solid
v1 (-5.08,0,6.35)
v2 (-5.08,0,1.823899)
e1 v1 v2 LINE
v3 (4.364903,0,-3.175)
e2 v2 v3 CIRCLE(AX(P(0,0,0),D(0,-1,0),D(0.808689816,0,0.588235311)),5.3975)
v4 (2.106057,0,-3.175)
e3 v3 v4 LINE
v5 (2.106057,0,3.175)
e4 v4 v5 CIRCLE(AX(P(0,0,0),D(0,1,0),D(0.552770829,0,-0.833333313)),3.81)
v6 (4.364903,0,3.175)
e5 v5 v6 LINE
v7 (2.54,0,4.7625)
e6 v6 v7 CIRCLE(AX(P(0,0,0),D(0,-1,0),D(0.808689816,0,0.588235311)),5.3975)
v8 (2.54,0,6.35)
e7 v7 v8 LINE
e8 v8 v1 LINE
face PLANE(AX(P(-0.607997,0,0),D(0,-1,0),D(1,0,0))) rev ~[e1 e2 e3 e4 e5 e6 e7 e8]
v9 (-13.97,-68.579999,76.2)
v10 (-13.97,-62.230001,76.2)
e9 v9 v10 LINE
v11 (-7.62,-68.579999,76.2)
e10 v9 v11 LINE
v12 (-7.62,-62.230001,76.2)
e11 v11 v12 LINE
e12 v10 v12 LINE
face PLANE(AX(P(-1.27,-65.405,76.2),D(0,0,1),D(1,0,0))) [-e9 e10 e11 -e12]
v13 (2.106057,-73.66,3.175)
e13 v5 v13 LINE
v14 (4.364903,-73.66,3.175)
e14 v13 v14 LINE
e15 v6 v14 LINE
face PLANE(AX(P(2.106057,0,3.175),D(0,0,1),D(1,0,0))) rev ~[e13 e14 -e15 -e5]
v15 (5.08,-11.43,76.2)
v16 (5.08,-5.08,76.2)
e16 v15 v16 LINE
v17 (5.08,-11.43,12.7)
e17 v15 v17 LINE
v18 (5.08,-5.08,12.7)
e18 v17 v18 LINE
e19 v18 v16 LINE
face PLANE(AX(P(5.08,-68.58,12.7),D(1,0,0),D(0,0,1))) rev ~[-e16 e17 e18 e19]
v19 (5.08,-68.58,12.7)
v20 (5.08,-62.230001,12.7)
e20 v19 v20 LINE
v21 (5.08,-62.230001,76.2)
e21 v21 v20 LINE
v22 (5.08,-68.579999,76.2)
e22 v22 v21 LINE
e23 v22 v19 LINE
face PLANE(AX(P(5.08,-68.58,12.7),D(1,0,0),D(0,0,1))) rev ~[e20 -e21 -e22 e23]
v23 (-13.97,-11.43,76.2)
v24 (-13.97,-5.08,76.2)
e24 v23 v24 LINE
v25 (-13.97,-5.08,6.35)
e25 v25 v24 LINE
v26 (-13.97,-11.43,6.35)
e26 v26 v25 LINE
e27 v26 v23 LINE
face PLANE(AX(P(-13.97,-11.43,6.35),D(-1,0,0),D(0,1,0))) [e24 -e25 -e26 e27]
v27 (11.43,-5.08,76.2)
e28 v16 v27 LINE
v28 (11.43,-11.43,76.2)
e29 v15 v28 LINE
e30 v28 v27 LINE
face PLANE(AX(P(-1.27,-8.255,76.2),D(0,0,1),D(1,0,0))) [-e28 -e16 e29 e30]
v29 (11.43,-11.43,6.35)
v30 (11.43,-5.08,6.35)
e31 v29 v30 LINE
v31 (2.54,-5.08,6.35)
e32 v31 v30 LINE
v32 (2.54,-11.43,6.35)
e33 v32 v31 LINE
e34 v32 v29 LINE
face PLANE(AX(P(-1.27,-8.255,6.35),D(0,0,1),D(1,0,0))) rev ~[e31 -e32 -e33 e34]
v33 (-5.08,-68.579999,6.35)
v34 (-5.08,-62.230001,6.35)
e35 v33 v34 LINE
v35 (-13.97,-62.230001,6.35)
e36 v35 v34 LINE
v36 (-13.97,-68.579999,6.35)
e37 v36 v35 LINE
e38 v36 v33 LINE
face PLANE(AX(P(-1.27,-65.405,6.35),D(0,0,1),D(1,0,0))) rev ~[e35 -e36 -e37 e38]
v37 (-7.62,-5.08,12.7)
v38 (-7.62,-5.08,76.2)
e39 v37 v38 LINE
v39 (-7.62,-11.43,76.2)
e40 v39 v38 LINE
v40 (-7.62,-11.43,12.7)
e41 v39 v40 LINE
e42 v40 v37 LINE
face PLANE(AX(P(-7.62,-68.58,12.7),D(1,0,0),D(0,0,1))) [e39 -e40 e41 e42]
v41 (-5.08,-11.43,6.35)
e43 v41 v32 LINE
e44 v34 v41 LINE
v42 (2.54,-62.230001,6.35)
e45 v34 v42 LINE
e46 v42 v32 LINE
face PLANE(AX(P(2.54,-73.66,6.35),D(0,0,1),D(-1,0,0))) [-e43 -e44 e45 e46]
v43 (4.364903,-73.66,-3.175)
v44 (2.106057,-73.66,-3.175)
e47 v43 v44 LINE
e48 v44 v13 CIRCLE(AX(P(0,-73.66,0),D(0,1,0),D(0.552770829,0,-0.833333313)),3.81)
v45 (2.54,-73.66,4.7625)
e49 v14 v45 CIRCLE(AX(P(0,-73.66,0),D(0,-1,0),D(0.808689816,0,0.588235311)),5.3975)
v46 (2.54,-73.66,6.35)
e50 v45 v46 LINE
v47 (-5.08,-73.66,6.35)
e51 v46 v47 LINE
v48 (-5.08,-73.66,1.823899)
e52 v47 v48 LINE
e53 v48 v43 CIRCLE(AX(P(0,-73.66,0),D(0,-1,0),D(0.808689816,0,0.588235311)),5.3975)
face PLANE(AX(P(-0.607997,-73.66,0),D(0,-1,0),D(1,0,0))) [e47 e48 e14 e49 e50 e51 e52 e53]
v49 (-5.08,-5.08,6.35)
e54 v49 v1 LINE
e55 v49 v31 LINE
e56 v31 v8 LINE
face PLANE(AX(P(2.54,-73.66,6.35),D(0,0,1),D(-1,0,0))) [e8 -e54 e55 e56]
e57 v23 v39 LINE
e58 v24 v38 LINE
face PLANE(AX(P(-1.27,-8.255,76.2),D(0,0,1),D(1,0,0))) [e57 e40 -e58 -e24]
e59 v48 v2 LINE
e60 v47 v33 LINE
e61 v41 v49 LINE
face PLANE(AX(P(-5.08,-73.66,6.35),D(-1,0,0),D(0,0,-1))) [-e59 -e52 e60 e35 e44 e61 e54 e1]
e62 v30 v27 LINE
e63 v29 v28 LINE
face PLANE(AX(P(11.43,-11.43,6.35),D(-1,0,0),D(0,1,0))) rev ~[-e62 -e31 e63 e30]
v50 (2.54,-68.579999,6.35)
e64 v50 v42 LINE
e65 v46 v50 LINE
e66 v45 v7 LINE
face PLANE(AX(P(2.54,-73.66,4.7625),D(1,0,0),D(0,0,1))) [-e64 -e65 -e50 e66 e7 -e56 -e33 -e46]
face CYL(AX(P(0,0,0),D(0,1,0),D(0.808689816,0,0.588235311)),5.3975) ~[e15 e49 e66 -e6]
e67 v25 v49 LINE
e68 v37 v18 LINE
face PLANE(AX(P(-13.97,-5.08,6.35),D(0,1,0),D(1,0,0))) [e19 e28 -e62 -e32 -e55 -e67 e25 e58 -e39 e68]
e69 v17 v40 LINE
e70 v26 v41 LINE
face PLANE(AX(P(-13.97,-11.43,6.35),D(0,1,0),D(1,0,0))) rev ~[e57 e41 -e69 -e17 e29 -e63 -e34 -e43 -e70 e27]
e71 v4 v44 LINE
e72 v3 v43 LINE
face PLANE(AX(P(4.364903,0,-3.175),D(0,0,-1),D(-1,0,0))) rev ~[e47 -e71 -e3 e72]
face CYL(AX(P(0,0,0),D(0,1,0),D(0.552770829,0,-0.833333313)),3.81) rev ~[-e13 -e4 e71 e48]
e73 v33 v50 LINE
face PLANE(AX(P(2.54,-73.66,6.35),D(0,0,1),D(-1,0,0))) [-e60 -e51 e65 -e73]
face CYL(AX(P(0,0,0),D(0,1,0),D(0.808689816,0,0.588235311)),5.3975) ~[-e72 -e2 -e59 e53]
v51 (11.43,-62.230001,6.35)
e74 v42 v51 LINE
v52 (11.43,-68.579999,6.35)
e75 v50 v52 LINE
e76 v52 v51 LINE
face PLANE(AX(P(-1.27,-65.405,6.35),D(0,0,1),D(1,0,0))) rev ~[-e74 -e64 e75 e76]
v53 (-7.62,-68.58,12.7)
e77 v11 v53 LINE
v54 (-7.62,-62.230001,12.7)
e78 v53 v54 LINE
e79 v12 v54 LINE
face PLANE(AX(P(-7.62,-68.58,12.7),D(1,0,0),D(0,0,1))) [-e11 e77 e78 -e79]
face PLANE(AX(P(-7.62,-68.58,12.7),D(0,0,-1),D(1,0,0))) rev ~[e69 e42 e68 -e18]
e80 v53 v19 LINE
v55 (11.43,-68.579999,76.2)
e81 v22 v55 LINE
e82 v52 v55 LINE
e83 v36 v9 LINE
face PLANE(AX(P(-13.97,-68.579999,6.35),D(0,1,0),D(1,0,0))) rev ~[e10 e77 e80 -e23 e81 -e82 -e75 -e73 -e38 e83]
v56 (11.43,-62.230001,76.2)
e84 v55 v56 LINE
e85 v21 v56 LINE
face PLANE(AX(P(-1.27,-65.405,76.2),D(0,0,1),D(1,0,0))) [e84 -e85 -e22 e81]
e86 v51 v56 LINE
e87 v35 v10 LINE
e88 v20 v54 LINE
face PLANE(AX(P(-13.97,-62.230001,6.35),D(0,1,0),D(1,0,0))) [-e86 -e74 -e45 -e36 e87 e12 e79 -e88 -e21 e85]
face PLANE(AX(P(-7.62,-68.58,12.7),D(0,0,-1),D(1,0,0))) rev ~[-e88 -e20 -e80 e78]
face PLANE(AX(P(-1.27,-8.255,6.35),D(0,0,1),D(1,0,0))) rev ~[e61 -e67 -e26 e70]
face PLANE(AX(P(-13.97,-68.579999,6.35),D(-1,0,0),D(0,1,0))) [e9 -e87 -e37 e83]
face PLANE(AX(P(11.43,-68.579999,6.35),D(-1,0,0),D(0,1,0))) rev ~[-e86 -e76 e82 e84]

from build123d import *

# Parameters (mm, degrees)
F1_DEPTH = 73.66
F3_DEPTH = 73.66
F4_W     = 25.4
F4_H     = 6.349999
F4_H_2   = 6.35
F5_DEPTH = 69.85
F6_W     = 12.7
F6_H     = 63.5
F7_DEPTH = 63.5


with BuildPart() as f1:
    # F0 (on Front) → F1 (new body)
    with BuildSketch(Plane.XZ):
        with BuildLine():
            ThreePointArc((2.106057, -3.175), (-3.81, 0), (2.106057, 3.175))
            Line((2.106057, 3.175), (4.364903, 3.175))
            ThreePointArc((4.364903, 3.175), (-5.3975, 0), (4.364903, -3.175))
            Line((4.364903, -3.175), (2.106057, -3.175))
        make_face()
    extrude(amount=F1_DEPTH)

    # F2 (on face) → F3 (join, through all)
    with BuildSketch(Plane.XZ.offset(73.66)):
        with BuildLine():
            Line((-5.08, 6.35), (-5.08, 1.823899))
            ThreePointArc((-5.08, 1.823899), (-1.942098, 5.035997), (2.54, 4.7625))
            Line((2.54, 4.7625), (2.54, 6.35))
            Line((2.54, 6.35), (-5.08, 6.35))
        make_face()
    extrude(amount=-F3_DEPTH)

    # F4 (on face) → F5 (join)
    with BuildSketch(Plane.XY.offset(6.35)):
        with Locations((-1.27, -65.405)):
            Rectangle(F4_W, F4_H)
        with Locations((-1.27, -8.255)):
            Rectangle(F4_W, F4_H_2)
    extrude(amount=F5_DEPTH)

    # F6 (on face) → F7 (cut, through all)
    with BuildSketch(Plane.XZ.offset(68.58)):
        with Locations((-1.27, 44.45)):
            Rectangle(F6_W, F6_H)
    extrude(amount=-F7_DEPTH, mode=Mode.SUBTRACT)


solid = f1.part
